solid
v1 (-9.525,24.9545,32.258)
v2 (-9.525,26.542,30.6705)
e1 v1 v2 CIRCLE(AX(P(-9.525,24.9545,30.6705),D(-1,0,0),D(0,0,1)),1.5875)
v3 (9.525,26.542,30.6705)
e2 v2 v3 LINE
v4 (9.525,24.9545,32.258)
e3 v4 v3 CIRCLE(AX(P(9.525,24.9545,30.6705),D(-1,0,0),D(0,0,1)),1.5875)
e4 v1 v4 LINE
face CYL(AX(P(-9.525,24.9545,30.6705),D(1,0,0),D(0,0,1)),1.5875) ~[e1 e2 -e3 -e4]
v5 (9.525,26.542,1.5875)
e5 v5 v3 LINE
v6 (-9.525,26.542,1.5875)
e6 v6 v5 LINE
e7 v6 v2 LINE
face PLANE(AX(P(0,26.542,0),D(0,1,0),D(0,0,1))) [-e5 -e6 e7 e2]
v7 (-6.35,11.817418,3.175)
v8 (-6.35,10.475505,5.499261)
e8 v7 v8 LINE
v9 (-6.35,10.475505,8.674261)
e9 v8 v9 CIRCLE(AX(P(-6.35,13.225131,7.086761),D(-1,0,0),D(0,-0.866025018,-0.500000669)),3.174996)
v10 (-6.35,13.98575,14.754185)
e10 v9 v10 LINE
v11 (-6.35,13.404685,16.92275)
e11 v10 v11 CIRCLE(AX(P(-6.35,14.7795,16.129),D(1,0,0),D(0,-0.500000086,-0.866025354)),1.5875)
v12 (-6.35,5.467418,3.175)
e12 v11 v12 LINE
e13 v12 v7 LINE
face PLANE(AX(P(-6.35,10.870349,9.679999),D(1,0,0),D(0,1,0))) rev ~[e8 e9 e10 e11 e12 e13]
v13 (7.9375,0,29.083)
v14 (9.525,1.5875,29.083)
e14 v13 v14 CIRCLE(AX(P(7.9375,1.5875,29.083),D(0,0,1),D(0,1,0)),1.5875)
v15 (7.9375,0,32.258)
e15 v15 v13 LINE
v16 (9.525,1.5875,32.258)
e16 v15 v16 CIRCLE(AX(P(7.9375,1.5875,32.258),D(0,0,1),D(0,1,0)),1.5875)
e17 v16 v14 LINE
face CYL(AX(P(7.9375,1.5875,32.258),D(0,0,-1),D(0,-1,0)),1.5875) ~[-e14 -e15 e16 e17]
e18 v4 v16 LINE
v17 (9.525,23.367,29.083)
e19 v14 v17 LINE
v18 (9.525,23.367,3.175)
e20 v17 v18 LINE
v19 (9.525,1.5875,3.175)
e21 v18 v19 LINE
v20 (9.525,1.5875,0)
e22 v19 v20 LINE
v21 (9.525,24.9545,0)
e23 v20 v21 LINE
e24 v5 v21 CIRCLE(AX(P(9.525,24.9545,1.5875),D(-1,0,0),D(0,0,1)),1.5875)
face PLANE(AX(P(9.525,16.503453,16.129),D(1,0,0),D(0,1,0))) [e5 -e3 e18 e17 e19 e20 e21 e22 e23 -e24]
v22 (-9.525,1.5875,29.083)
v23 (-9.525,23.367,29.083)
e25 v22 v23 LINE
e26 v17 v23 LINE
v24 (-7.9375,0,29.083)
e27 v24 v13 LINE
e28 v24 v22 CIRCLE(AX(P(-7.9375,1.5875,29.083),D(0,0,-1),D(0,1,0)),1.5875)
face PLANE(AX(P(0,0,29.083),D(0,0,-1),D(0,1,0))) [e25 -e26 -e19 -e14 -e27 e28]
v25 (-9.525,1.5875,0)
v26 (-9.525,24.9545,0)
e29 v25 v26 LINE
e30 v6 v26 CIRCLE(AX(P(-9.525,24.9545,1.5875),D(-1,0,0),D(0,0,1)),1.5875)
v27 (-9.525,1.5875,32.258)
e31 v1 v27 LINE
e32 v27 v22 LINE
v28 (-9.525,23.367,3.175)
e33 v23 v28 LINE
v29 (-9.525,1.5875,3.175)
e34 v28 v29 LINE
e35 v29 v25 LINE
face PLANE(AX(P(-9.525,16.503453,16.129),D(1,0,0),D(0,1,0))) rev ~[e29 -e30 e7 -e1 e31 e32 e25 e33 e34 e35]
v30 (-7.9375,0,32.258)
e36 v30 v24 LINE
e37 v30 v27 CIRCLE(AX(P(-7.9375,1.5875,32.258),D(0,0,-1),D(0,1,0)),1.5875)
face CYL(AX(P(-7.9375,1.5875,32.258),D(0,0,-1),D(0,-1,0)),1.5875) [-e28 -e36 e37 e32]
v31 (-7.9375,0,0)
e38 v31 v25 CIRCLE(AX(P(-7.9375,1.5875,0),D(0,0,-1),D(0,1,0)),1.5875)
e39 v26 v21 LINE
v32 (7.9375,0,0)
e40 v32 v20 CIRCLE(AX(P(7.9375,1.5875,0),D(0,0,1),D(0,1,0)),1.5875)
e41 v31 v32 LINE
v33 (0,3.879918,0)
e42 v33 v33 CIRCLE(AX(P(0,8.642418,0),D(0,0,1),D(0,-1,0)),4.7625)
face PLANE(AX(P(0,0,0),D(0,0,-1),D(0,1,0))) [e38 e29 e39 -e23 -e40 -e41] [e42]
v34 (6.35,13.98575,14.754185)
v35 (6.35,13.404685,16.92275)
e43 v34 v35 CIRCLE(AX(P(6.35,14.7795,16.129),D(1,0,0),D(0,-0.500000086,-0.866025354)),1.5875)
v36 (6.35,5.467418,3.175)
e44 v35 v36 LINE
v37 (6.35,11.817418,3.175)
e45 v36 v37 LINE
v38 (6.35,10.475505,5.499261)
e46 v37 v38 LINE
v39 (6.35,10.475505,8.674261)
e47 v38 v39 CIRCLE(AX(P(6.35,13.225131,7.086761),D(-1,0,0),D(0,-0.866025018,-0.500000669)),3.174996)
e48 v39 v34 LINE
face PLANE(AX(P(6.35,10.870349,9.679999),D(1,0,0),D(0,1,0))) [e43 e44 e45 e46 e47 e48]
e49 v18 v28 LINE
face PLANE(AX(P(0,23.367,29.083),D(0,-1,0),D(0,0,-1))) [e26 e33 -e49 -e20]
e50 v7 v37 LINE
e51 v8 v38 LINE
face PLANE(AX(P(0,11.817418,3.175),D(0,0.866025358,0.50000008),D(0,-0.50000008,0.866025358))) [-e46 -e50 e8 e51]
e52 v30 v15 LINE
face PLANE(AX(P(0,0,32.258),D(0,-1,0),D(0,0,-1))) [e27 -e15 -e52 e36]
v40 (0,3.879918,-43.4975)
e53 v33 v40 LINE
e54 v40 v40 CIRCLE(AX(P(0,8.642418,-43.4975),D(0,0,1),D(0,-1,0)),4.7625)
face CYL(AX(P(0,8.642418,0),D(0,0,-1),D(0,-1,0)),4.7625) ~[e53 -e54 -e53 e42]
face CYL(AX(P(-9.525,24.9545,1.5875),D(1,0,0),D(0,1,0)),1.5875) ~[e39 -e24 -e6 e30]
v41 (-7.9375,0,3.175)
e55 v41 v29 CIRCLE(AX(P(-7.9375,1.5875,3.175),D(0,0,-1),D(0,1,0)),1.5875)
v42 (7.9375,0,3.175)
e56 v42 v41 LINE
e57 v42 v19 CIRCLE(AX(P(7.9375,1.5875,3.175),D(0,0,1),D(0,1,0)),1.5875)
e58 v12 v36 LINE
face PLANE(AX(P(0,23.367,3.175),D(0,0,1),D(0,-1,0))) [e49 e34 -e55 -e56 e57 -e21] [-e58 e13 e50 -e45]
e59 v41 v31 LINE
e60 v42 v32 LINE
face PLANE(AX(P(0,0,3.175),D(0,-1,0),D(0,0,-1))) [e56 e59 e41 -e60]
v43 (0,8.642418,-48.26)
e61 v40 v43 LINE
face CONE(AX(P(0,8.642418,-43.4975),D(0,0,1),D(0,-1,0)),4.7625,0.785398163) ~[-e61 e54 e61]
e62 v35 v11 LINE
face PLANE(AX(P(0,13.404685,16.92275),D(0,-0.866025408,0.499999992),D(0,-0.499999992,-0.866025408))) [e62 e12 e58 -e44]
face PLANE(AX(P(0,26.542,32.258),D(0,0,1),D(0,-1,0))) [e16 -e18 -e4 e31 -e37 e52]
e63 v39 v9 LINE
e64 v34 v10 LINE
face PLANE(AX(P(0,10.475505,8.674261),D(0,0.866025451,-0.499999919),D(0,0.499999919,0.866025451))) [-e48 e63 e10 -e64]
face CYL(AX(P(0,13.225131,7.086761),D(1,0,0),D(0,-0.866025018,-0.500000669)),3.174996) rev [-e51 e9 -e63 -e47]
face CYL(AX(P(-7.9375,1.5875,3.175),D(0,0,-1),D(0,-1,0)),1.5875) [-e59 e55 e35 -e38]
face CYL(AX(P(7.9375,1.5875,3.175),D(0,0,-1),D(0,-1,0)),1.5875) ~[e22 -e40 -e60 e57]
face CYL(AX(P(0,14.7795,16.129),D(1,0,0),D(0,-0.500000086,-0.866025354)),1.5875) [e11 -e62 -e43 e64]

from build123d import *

# Parameters (mm, degrees)
F1_DEPTH = 9.525
F2_R     = 1.5875
F4_DEPTH = 6.35


with BuildPart() as f1:
    # F0 (on Right) → F1 (new body, symmetric)
    with BuildSketch(Plane.YZ):
        Polygon((0, 3.175), (0, 0), (26.542, 0), (26.542, 32.258), (0, 32.258), (0, 29.083), (23.367, 29.083), (23.367, 3.175), align=None)
    extrude(amount=F1_DEPTH, both=True)

    # F2
    f2_edges = [f1.edges().sort_by_distance(p)[0] for p in [
        (9.525, 0, 30.6705),
        (-9.525, 0, 30.6705),
        (-9.525, 0, 1.5875),
        (9.525, 0, 1.5875),
        (0, 26.542, 32.258),
        (0, 26.542, 0),
    ]]
    fillet(f2_edges, radius=F2_R)

    # F3 (on Right) → F4 (join, symmetric)
    with BuildSketch(Plane.YZ):
        with BuildLine():
            Line((13.404685, 16.92275), (5.467418, 3.175))
            Line((5.467418, 3.175), (11.817418, 3.175))
            Line((11.817418, 3.175), (10.475505, 5.499261))
            ThreePointArc((10.475505, 5.499261), (10.050135, 7.086761), (10.475505, 8.674261))
            Line((10.475505, 8.674261), (13.98575, 14.754185))
            ThreePointArc((13.98575, 14.754185), (16.312907, 16.539875), (13.404685, 16.92275))
        make_face()
    extrude(amount=F4_DEPTH, both=True)

    # F5 (on Right) → F6 (revolve)
    with BuildSketch(Plane.YZ):
        Polygon((8.642418, 0), (3.879918, 0), (3.879918, -43.4975), (8.642418, -48.26), align=None)
    revolve(axis=Axis((0, 8.642418, -24.13), (0, 0, 1)))


solid = f1.part
